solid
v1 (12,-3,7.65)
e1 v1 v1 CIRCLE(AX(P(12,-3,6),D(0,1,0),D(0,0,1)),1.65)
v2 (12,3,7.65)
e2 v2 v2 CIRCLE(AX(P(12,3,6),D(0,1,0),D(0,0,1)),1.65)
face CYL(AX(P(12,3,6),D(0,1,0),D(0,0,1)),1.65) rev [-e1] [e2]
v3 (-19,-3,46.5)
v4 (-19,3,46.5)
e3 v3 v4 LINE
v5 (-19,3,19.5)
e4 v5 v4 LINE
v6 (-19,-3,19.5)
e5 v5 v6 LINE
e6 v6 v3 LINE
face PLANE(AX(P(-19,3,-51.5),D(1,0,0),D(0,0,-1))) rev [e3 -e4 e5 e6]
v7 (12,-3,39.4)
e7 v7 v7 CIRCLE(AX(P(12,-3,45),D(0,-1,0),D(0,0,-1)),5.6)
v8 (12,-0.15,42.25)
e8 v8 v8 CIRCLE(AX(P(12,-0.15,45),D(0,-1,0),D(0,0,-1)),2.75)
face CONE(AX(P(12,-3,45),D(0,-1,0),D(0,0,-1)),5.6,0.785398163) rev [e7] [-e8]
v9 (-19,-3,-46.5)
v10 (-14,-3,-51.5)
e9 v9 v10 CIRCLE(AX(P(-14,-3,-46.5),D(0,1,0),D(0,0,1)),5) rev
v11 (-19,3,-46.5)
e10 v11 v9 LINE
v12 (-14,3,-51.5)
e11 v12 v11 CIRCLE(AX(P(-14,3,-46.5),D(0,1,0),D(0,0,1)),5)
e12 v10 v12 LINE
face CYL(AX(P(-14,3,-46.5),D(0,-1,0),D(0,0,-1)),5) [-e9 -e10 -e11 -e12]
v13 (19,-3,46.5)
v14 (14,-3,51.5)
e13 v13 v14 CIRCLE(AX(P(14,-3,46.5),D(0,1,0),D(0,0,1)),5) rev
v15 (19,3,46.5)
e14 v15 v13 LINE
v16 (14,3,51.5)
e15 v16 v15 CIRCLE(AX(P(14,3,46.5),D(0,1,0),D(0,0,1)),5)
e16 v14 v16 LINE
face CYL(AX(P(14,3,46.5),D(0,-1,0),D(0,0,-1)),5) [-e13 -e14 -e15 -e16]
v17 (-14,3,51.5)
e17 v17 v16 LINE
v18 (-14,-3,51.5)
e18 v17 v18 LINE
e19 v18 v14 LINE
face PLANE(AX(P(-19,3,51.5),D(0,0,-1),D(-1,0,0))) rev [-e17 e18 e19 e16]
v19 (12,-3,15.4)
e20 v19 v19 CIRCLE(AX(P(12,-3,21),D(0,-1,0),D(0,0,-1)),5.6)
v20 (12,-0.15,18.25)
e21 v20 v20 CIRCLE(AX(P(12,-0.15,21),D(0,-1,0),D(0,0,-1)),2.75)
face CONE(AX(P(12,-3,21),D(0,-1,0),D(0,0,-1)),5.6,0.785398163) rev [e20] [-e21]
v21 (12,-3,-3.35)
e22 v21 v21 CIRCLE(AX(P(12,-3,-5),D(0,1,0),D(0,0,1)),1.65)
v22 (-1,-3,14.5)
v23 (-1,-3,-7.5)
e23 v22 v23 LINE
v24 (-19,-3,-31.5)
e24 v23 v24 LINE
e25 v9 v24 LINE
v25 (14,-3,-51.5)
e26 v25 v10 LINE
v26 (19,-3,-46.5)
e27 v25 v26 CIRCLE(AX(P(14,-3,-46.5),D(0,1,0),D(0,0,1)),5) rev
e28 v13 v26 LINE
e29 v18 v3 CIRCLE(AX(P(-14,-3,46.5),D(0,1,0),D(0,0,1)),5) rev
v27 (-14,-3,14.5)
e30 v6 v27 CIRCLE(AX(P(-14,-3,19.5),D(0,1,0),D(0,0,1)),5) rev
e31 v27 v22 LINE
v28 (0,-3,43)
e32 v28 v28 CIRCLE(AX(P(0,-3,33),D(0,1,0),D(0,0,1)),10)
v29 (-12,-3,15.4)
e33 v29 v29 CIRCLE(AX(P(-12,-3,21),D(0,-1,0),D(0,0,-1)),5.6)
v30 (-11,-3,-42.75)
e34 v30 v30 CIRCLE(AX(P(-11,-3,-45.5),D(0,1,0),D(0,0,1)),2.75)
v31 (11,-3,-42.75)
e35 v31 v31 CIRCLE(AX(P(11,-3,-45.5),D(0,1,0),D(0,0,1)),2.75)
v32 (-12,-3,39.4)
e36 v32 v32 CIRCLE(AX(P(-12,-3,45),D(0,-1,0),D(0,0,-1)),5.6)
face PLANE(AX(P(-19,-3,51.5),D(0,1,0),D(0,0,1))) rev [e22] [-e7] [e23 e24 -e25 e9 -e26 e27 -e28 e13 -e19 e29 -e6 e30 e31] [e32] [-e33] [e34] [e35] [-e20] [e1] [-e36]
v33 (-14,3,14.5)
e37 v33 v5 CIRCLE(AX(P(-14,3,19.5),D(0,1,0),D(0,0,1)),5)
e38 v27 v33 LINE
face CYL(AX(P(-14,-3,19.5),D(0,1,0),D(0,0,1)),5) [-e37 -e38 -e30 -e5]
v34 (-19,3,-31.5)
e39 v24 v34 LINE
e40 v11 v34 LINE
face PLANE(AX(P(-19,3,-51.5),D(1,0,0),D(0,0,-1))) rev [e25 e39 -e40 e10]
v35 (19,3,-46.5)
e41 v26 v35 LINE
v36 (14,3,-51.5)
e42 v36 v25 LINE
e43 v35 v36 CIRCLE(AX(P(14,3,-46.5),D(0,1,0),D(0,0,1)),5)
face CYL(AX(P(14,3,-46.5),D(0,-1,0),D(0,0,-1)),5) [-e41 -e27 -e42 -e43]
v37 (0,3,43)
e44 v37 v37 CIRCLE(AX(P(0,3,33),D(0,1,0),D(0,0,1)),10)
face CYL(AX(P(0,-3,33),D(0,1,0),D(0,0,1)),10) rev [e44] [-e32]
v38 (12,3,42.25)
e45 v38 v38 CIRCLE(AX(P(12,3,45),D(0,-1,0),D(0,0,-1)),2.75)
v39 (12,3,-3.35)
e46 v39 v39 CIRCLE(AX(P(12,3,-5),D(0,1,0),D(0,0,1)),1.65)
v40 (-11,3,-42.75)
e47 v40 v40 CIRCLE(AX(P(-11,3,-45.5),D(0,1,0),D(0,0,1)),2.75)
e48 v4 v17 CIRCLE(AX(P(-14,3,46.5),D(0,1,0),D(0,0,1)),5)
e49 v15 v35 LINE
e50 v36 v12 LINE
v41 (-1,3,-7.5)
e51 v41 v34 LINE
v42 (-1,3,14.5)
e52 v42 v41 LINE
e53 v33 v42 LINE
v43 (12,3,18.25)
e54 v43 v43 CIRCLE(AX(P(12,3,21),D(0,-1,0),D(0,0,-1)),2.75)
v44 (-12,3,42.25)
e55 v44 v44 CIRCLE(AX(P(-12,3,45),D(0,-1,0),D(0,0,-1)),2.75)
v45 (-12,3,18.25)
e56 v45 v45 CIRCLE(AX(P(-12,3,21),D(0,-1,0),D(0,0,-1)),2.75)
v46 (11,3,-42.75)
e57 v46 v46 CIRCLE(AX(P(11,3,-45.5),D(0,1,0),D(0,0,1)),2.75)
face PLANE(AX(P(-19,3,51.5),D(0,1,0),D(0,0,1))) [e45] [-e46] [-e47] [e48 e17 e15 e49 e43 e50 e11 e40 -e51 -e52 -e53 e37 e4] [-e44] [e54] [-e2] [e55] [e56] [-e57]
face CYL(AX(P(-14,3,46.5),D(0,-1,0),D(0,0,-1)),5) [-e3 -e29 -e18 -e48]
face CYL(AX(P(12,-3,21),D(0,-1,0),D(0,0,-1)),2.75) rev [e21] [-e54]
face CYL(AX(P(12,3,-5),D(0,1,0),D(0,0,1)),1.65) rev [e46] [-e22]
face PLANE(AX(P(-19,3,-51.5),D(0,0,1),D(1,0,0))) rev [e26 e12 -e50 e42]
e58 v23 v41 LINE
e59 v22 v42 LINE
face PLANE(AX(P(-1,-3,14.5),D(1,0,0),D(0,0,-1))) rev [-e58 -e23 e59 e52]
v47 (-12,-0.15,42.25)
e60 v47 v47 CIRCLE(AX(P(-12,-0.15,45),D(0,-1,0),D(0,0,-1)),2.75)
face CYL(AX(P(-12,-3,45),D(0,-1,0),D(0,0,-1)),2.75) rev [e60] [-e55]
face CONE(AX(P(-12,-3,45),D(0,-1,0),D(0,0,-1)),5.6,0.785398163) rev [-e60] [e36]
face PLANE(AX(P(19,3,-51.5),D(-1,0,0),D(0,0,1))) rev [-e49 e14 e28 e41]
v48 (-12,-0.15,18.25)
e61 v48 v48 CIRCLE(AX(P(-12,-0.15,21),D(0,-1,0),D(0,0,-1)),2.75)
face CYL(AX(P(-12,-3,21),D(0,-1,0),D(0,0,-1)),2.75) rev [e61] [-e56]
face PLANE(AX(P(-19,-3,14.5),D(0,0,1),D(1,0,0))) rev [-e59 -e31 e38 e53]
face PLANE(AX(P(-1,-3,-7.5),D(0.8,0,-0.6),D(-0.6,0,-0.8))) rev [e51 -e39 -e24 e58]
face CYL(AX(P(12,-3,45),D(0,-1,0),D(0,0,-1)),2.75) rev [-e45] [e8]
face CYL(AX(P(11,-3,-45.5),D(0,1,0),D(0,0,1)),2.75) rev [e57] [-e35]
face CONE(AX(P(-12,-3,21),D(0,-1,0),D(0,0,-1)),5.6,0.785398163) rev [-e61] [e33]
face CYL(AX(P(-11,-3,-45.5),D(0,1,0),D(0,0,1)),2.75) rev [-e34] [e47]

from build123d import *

# Parameters (mm, degrees)
SKETCH_1_W                   = 38
SKETCH_1_H                   = 103
EXTRUDE_1_DEPTH              = 3
CUT_EXTRUDE_1_DEPTH          = 56.220014488
SKETCH_3_R                   = 10
CUT_EXTRUDE_2_DEPTH          = 56.220014488
HOLE_WIZARD_M5_1_D           = 5.5
HOLE_WIZARD_M5_1_CSINK_D     = 11.2
HOLE_WIZARD_M5_1_CSINK_ANGLE = 90
M4X0_7_1_D                   = 3.3
M4X0_7_1_DEPTH               = 10.1
M4X0_7_1_TIP                 = 0.991420021
SKETCH_8_R                   = 2.75
CUT_EXTRUDE_3_DEPTH          = 56.220014488
FILLET_1_R                   = 5


with BuildPart() as part:
    # 草图1 → 凸台-拉伸1 (new, symmetric)
    with BuildSketch(Plane(origin=(0, 0, 0), x_dir=(1, 0, 0), z_dir=(0, 1, 0))):
        Rectangle(SKETCH_1_W, SKETCH_1_H)
    extrude(amount=EXTRUDE_1_DEPTH, both=True)

    # 草图2 → 切除-拉伸1 (cut, through all)
    with BuildSketch(Plane(origin=(0, 3, 0), x_dir=(1, 0, 0), z_dir=(0, 1, 0))):
        Polygon((-19, -14.5), (-1, -14.5), (-1, 7.5), (-19, 31.5), align=None)
    extrude(amount=-CUT_EXTRUDE_1_DEPTH, mode=Mode.SUBTRACT)

    # 草图3 → 切除-拉伸2 (cut, through all)
    with BuildSketch(Plane(origin=(0, 3, 0), x_dir=(1, 0, 0), z_dir=(0, 1, 0))):
        with Locations(Location((0, -33, 0), (0, 0, 270))):
            Circle(SKETCH_3_R)
    extrude(amount=-CUT_EXTRUDE_2_DEPTH, mode=Mode.SUBTRACT)

    # M5 六角凹锥坑螺钉的锥形沉头孔1 (through all)
    with Locations(Plane.XZ.offset(3)):
        with Locations((12, 45), (-12, 45), (-12, 21), (12, 21)):
            CounterSinkHole(HOLE_WIZARD_M5_1_D / 2, HOLE_WIZARD_M5_1_CSINK_D / 2, counter_sink_angle=HOLE_WIZARD_M5_1_CSINK_ANGLE)

    # M4x0.7 螺纹孔1
    with Locations(Plane(origin=(0, 3, 0), x_dir=(-1, 0, 0), z_dir=(0, 1, 0))):
        with Locations((-12, -5), (-12, 6)):
            Hole(M4X0_7_1_D / 2, depth=M4X0_7_1_DEPTH)
            with Locations((0, 0, -(M4X0_7_1_DEPTH + M4X0_7_1_TIP / 2))):  # 118° drill point
                Cone(0, M4X0_7_1_D / 2, M4X0_7_1_TIP, mode=Mode.SUBTRACT)

    # 草图8 → 切除-拉伸3 (cut, through all)
    with BuildSketch(Plane(origin=(0, 3, 0), x_dir=(1, 0, 0), z_dir=(0, 1, 0))):
        with Locations(Location((-11, 45.5, 0), (0, 0, 270))):
            Circle(SKETCH_8_R)
        with Locations(Location((11, 45.5, 0), (0, 0, 270))):
            Circle(SKETCH_8_R)
    extrude(amount=-CUT_EXTRUDE_3_DEPTH, mode=Mode.SUBTRACT)

    # 圆角1
    fillet_1_edges = [part.edges().sort_by_distance(p)[0] for p in [
        (-19, 0, 14.5),
        (-19, 0, -51.5),
        (19, 0, -51.5),
        (19, 0, 51.5),
        (-19, 0, 51.5),
    ]]
    fillet(fillet_1_edges, radius=FILLET_1_R)


solid = part.part
